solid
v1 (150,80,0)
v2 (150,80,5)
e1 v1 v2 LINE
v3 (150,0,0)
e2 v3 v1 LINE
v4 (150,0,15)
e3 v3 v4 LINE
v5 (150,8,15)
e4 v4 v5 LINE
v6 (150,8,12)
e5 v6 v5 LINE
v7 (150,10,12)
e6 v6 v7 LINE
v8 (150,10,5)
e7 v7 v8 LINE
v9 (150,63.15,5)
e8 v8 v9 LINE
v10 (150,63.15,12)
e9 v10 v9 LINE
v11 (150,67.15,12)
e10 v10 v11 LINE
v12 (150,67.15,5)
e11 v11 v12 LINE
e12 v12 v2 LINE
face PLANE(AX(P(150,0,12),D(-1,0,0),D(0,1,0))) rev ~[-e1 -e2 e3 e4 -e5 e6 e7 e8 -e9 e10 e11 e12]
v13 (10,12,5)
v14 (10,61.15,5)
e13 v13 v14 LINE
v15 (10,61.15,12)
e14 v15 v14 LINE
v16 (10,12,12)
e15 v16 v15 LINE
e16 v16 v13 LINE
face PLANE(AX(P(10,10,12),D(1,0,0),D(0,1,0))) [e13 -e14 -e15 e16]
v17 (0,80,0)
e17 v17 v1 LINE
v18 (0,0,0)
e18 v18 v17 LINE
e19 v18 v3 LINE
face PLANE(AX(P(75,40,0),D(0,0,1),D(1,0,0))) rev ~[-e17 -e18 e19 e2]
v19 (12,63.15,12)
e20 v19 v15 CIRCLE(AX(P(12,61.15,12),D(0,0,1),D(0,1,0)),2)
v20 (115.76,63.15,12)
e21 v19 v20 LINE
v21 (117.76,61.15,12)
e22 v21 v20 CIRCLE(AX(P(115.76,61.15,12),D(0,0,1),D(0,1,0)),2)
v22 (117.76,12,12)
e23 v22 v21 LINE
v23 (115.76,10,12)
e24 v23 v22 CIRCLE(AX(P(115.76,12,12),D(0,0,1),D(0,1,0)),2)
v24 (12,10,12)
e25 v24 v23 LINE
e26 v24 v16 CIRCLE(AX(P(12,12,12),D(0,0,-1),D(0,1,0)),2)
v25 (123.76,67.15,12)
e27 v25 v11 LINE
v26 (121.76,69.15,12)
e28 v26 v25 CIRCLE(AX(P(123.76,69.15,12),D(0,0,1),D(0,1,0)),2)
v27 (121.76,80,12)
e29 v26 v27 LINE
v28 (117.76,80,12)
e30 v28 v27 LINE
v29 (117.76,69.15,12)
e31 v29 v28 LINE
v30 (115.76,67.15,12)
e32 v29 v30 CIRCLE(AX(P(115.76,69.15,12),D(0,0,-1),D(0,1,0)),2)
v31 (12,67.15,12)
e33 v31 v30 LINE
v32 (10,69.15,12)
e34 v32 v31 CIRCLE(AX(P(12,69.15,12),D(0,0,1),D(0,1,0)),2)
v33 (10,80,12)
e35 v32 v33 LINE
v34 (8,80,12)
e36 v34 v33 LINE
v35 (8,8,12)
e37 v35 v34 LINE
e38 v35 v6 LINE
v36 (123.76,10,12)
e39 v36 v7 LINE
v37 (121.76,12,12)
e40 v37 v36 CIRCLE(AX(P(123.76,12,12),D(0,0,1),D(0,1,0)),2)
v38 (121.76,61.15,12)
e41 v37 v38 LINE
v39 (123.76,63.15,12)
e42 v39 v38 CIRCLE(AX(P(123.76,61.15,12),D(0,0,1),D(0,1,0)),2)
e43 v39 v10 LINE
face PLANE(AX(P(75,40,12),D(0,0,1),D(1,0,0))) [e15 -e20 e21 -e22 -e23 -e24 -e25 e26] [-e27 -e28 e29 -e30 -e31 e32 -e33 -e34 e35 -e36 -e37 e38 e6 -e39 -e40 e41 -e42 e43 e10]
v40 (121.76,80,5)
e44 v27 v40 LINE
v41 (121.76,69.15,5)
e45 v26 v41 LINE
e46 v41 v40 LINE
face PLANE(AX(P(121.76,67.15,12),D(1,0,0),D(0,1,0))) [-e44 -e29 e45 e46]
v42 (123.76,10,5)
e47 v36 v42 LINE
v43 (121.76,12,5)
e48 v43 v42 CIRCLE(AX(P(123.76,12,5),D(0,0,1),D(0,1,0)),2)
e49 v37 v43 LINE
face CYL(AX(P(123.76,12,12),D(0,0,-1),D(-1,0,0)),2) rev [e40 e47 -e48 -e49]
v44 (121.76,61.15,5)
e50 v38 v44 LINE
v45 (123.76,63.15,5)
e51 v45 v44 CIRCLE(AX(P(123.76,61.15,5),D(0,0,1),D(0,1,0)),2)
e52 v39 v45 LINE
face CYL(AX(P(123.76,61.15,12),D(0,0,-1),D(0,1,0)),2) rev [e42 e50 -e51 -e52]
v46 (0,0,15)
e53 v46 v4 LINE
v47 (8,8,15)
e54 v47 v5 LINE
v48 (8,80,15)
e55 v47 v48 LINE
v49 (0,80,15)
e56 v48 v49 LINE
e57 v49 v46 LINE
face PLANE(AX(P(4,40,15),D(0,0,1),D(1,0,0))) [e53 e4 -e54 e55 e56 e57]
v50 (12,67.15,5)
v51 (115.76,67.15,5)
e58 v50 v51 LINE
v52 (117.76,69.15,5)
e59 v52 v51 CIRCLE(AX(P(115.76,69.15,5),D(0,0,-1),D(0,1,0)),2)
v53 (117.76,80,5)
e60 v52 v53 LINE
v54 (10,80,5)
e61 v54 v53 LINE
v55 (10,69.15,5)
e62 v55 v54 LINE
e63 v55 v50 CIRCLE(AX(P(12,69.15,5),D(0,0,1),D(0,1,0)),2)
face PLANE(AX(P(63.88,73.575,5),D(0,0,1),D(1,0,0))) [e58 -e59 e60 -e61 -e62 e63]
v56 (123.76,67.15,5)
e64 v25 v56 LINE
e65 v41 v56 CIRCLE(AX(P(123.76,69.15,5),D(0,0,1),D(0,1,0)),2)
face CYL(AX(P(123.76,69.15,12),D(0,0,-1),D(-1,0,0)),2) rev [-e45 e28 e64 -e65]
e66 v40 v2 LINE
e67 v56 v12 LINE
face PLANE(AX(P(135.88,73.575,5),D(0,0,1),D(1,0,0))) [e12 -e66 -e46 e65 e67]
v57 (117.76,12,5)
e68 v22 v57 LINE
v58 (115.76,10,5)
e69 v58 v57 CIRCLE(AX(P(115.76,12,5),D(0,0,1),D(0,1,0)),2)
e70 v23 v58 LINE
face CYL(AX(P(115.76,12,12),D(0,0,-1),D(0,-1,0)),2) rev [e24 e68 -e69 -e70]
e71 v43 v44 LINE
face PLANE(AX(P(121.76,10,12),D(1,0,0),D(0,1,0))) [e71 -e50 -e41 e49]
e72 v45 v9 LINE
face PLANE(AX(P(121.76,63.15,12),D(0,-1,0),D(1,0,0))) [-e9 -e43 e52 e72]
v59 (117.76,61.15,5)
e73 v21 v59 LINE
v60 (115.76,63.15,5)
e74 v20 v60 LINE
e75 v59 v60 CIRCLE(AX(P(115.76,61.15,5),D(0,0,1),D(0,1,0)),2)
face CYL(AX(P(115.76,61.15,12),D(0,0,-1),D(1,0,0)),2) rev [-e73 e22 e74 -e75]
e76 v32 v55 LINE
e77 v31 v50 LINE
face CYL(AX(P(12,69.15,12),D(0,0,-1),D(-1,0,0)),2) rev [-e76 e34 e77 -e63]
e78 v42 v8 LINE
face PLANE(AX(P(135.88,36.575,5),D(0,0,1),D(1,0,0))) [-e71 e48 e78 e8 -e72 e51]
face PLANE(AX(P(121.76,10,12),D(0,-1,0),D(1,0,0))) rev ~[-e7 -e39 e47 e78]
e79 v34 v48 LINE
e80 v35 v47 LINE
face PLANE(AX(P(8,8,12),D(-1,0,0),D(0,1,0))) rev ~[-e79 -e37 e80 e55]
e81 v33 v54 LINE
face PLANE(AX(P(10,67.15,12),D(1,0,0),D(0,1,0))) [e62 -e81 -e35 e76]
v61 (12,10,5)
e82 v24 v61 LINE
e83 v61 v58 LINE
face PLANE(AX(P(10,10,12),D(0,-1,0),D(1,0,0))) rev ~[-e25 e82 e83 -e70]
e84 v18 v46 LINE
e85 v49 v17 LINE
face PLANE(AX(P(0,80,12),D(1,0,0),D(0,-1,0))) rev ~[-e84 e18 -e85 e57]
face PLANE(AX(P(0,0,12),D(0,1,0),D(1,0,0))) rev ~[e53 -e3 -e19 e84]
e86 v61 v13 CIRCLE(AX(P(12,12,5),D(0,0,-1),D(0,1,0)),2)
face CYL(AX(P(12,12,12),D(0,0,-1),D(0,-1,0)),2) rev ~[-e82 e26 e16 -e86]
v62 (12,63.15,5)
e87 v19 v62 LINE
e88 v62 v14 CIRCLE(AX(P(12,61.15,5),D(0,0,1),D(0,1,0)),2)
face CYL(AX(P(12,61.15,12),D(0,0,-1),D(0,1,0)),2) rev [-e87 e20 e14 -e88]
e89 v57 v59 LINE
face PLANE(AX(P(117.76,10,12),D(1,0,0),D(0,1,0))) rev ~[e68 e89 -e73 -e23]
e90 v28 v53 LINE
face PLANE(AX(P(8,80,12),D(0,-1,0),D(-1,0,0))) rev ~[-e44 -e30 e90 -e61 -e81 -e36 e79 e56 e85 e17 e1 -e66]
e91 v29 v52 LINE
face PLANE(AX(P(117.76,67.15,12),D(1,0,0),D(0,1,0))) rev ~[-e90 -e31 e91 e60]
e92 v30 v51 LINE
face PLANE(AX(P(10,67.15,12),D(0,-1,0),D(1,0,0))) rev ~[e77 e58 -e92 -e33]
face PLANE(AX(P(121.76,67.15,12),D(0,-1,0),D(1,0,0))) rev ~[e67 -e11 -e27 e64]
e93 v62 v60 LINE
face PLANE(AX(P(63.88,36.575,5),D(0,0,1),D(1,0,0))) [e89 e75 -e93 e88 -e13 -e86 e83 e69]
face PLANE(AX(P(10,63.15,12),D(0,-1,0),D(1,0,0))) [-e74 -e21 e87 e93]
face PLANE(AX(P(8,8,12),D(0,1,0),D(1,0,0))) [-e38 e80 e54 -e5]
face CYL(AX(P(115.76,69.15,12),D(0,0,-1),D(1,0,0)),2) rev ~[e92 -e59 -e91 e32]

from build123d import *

# Parameters (mm, degrees)
F0_W     = 150
F0_H     = 80
F1_DEPTH = 12
F2_W     = 142
F2_H     = 8
F3_DEPTH = 3
F4_W     = 107.76
F4_H     = 12.85
F4_H_2   = 53.15
F4_W_2   = 28.24
F5_DEPTH = 7
F6_R     = 2


with BuildPart() as f1:
    # F0 (on Top) → F1 (new body)
    with BuildSketch(Plane.XY):
        with Locations((75, 40)):
            Rectangle(F0_W, F0_H)
    extrude(amount=F1_DEPTH)

    # F2 (on face) → F3 (join)
    with BuildSketch(Plane.XY.offset(12)):
        Polygon((0, 80), (0, 0), (8, 0), (8, 8), (8, 80), align=None)
        with Locations((79, 4)):
            Rectangle(F2_W, F2_H)
    extrude(amount=F3_DEPTH)

    # F4 (on face) → F5 (cut)
    with BuildSketch(Plane.XY.offset(12)):
        with Locations((63.88, 73.575)):
            Rectangle(F4_W, F4_H)
        with Locations((63.88, 36.575)):
            Rectangle(F4_W, F4_H_2)
        with Locations((135.88, 36.575)):
            Rectangle(F4_W_2, F4_H_2)
        with Locations((135.88, 73.575)):
            Rectangle(F4_W_2, F4_H)
    extrude(amount=-F5_DEPTH, mode=Mode.SUBTRACT)

    # F6
    f6_edges = [f1.edges().sort_by_distance(p)[0] for p in [
        (10, 63.15, 8.5),
        (117.76, 63.15, 8.5),
        (121.76, 63.15, 8.5),
        (121.76, 67.15, 8.5),
        (117.76, 67.15, 8.5),
        (117.76, 10, 8.5),
        (10, 10, 8.5),
        (10, 67.15, 8.5),
        (121.76, 10, 8.5),
    ]]
    fillet(f6_edges, radius=F6_R)


solid = f1.part
